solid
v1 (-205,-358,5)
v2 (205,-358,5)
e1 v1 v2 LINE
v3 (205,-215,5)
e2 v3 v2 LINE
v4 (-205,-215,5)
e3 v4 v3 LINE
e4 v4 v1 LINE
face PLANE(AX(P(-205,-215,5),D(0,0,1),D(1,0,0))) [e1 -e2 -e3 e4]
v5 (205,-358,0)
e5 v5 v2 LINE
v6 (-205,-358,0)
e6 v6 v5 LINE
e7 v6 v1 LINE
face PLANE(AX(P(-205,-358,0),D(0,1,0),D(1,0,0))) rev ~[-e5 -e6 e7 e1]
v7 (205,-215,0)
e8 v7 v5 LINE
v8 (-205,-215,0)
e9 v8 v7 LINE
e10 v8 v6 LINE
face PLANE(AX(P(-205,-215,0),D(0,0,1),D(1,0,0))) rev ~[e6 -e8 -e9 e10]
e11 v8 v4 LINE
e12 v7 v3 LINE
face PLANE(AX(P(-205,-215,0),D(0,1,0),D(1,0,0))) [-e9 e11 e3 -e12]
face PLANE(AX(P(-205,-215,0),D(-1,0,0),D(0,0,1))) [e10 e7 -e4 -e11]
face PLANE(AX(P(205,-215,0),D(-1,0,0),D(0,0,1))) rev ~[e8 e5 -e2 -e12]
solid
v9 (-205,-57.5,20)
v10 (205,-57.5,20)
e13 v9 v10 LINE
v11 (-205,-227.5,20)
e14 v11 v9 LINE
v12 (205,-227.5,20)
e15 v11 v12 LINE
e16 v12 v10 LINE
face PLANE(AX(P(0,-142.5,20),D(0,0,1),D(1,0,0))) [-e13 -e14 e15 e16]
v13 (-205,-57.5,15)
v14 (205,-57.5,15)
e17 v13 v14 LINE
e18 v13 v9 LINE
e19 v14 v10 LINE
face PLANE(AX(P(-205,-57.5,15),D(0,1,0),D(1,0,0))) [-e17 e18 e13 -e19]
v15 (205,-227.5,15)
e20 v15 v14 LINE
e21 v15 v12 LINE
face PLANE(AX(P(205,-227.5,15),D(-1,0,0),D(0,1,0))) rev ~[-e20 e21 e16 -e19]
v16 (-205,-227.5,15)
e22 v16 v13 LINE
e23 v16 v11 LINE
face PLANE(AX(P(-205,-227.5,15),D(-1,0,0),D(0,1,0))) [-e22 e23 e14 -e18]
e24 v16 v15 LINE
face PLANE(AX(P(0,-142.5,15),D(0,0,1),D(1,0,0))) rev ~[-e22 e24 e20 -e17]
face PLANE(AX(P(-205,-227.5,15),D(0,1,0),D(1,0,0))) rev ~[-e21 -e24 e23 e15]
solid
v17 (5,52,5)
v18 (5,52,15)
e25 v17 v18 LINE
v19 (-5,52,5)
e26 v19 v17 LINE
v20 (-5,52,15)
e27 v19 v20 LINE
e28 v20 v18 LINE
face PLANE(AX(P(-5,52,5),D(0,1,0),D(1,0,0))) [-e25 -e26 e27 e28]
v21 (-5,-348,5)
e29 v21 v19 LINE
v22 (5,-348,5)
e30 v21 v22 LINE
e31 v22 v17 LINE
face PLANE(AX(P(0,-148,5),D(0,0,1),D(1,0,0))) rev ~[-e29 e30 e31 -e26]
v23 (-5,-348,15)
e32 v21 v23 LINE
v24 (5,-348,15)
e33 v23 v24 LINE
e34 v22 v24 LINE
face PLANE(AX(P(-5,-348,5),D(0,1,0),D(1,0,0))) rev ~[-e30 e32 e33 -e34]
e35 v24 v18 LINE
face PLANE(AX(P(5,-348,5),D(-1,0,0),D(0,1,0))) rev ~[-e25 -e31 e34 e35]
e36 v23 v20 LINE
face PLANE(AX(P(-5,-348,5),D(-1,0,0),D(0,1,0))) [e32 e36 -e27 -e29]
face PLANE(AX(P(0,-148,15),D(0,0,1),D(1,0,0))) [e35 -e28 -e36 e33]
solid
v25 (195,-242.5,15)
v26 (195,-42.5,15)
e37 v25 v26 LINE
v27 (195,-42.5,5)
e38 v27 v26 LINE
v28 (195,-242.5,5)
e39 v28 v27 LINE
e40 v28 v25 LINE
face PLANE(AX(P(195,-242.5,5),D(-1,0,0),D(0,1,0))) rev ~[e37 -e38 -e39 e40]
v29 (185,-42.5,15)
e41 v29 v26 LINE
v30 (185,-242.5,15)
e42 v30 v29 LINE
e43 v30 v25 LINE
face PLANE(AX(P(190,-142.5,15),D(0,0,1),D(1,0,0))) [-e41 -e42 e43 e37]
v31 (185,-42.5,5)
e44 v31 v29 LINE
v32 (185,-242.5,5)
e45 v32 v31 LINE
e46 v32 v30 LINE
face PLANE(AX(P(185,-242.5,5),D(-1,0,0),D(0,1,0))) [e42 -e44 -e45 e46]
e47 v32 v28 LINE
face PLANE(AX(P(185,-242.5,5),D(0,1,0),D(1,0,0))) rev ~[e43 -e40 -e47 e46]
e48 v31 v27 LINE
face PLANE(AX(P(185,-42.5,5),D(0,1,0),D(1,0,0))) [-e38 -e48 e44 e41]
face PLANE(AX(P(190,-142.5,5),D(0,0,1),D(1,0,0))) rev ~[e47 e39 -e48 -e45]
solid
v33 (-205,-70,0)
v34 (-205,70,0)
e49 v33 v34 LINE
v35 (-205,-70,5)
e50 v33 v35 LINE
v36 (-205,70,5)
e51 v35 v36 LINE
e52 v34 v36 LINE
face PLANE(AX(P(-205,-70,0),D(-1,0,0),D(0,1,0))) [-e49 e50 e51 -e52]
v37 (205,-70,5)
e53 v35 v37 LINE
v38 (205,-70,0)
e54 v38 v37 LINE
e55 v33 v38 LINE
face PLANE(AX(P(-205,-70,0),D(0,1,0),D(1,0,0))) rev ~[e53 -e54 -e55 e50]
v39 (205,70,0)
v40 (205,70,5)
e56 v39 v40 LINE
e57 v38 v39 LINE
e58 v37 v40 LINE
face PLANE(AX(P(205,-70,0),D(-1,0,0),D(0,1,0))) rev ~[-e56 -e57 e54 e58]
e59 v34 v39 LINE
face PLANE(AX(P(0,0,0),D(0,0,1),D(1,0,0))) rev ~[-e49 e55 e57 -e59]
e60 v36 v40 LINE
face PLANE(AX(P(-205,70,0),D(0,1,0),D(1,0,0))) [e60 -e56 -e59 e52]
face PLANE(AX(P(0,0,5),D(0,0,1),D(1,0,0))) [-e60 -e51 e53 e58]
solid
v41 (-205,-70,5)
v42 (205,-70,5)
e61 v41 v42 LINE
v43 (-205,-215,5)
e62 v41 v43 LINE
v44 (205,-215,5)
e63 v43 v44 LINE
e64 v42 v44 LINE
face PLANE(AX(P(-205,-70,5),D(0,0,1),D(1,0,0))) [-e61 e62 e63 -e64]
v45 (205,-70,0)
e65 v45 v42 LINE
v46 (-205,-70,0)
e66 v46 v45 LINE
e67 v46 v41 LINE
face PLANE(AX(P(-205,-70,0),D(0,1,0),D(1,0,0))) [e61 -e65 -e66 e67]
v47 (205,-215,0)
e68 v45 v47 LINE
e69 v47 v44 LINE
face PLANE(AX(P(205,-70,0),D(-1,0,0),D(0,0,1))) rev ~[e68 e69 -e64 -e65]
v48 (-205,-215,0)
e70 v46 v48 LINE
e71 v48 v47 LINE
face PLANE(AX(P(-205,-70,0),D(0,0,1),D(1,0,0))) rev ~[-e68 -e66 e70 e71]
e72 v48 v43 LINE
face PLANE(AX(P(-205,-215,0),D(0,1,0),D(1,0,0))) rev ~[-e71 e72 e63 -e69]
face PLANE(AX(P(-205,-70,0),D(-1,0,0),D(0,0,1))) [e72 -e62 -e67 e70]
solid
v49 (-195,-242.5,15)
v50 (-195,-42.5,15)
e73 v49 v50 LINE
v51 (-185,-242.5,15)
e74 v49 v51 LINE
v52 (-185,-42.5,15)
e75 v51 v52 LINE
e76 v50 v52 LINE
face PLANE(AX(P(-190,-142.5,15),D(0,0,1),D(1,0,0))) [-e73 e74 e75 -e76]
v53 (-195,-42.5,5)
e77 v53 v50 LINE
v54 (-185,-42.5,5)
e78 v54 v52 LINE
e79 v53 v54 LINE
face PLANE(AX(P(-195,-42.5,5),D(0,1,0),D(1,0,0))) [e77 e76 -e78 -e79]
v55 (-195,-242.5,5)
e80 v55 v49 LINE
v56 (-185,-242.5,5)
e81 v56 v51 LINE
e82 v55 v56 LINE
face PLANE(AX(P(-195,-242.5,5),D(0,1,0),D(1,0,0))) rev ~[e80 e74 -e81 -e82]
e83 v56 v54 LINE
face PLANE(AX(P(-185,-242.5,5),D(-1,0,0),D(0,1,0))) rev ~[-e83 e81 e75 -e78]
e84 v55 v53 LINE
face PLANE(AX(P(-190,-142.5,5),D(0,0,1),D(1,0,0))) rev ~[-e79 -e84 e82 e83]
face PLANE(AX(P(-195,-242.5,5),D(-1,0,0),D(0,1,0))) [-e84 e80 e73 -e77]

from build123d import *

# Parameters (mm, degrees)
F0_W     = 410
F0_H     = 140
F1_DEPTH = 5
F2_DEPTH = 145
F3_DEPTH = 143
F4_W     = 10
F4_H     = 400
F5_DEPTH = 10
F4_H_2   = 200
F6_W     = 410
F6_H     = 170
F7_DEPTH = 5


with BuildPart() as f1:
    # F0 (on Top) → F1 (new body)
    with BuildSketch(Plane.XY):
        Rectangle(F0_W, F0_H)
    extrude(amount=F1_DEPTH)


with BuildPart() as f2:
    # F2 (new): a face of the model
    f2_faces = [f1.part.faces().sort_by_distance(p)[0] for p in [
        (0, -70, 2.5),
    ]]
    extrude(f2_faces, amount=F2_DEPTH)


with BuildPart() as f3:
    # F3 (new): a face of the model
    f3_faces = [f2.part.faces().sort_by_distance(p)[0] for p in [
        (0, -215, 2.5),
    ]]
    extrude(f3_faces, amount=F3_DEPTH)


with BuildPart() as f5:
    # F4 (on face) → F5 (new body)
    with BuildSketch(Plane.XY.offset(5)):
        with Locations((0, -148)):
            Rectangle(F4_W, F4_H)
    extrude(amount=F5_DEPTH)


with BuildPart() as f5b:
    # F4 (on face) → F5, piece 2 (new body)
    with BuildSketch(Plane.XY.offset(5)):
        with Locations((190, -142.5)):
            Rectangle(F4_W, F4_H_2)
    extrude(amount=F5_DEPTH)


with BuildPart() as f5c:
    # F4 (on face) → F5, piece 3 (new body)
    with BuildSketch(Plane.XY.offset(5)):
        with Locations((-190, -142.5)):
            Rectangle(F4_W, F4_H_2)
    extrude(amount=F5_DEPTH)


with BuildPart() as f7:
    # F6 (on face) → F7 (new body)
    with BuildSketch(Plane.XY.offset(15)):
        with Locations((0, -142.5)):
            Rectangle(F6_W, F6_H)
    extrude(amount=F7_DEPTH)


solid = Compound([f1.part, f2.part, f3.part, f5.part, f5b.part, f5c.part, f7.part])
